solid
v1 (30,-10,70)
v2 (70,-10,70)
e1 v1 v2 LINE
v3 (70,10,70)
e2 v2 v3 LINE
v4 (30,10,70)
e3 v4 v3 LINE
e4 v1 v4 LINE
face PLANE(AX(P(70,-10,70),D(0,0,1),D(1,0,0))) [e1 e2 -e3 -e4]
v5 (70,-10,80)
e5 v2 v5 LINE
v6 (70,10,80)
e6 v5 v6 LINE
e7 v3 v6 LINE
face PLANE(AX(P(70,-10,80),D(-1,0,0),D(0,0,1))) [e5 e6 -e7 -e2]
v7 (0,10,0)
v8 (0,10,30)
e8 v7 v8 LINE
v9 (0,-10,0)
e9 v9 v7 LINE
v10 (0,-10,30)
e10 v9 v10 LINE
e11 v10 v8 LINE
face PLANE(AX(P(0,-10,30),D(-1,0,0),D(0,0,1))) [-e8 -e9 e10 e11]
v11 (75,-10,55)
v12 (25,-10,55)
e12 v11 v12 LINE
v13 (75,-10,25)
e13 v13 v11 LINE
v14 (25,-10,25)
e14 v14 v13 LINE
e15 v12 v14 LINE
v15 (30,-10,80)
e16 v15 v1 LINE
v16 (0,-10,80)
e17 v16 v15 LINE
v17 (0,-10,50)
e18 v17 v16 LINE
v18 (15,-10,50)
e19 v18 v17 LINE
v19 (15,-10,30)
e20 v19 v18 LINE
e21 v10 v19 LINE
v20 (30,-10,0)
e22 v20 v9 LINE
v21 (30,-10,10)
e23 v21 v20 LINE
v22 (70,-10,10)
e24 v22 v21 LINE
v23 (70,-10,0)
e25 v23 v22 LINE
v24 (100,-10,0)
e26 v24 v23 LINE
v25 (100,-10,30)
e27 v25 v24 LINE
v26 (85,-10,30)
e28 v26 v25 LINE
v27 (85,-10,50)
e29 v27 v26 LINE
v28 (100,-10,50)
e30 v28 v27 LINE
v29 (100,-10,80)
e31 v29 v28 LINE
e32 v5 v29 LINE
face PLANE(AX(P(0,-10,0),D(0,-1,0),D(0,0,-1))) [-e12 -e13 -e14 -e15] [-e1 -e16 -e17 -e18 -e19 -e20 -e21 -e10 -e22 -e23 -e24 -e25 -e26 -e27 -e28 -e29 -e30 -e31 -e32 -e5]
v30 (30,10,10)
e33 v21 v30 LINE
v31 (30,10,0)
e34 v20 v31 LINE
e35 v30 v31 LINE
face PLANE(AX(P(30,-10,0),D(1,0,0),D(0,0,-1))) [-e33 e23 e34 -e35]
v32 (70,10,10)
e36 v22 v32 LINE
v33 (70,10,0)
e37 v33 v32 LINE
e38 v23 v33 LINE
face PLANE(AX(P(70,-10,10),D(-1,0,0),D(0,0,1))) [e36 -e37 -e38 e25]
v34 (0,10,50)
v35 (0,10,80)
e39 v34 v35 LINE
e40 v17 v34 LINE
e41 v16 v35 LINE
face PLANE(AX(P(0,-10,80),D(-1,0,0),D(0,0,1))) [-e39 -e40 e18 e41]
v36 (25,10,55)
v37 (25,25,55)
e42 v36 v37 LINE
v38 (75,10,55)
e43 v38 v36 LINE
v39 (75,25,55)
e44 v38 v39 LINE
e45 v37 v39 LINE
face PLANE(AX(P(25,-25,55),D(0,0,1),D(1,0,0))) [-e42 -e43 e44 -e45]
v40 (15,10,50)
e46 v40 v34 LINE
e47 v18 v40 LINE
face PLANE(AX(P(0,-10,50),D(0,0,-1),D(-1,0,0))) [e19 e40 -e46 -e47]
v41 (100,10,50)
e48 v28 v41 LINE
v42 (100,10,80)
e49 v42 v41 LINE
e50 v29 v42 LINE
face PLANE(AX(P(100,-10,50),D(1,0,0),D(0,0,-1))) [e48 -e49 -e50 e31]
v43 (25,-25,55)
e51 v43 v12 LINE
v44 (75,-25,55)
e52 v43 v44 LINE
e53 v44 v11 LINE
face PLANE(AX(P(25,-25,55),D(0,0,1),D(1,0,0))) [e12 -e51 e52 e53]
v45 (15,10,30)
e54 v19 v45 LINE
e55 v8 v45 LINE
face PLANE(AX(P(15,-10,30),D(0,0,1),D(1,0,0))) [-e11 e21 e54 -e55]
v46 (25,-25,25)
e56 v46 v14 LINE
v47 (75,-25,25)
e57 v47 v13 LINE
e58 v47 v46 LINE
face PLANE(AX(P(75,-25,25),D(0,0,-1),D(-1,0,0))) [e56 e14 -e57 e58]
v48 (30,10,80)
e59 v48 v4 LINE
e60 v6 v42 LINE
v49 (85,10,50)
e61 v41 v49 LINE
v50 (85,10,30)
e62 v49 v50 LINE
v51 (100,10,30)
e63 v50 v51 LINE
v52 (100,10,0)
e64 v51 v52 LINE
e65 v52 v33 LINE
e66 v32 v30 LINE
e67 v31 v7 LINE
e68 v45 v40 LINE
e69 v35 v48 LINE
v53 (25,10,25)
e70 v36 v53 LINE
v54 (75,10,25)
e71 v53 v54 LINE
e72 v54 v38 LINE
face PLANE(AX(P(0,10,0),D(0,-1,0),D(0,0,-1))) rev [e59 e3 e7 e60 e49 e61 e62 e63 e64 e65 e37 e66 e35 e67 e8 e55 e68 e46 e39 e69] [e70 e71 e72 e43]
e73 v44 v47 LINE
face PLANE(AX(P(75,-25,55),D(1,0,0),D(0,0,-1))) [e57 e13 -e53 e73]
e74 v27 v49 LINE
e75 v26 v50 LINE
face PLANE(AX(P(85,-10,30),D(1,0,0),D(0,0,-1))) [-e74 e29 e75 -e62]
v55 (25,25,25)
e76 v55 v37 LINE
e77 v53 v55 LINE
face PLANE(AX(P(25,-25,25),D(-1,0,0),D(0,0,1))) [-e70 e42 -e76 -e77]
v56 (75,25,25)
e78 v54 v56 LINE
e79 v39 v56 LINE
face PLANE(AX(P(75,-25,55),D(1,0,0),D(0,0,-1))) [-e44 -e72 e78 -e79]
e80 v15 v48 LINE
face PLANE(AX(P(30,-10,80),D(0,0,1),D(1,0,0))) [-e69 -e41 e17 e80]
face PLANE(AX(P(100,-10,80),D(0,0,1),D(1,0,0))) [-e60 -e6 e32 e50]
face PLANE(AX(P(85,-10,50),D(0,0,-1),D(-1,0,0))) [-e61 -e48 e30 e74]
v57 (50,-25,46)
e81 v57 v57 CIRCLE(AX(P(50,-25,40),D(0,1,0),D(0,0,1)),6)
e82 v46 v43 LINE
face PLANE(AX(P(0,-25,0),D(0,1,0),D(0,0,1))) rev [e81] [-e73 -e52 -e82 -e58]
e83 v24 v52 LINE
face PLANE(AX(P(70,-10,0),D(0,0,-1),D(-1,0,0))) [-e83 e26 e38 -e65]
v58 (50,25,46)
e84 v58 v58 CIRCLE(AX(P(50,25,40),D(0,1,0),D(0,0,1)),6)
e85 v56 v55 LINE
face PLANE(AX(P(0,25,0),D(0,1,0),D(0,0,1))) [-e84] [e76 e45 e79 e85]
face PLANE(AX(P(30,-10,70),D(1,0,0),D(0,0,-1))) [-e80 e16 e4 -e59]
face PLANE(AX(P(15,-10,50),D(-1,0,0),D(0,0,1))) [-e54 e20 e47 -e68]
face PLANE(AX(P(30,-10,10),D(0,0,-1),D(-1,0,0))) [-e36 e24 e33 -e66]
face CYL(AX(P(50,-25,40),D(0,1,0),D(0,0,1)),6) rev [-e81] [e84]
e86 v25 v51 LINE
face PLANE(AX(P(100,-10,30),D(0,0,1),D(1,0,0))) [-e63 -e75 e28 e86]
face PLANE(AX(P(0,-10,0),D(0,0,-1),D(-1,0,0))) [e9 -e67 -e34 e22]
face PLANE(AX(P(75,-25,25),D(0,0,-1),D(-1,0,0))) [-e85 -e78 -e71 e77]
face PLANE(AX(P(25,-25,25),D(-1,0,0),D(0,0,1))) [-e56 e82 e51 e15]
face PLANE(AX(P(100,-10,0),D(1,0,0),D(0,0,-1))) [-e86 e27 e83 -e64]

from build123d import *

# Parameters (mm, degrees)
BOSS_EXTRUDE1_DEPTH      = 10
BOSS_EXTRUDE1_DEPTH_BACK = 10
BOSS_EXTRUDE2_DEPTH      = 25
BOSS_EXTRUDE2_DEPTH_BACK = 25
SKETCH2_W                = 50
SKETCH2_H                = 30
SKETCH3_R                = 6
CUT_EXTRUDE1_DEPTH       = 138.477270849


with BuildPart() as part:
    # Sketch1 → Boss-Extrude1 (new, two sides: drawn at the far end of the back side and taken through both)
    with BuildSketch(Plane(origin=(0, 0, 0), x_dir=(1, 0, 0), z_dir=(0, 1, 0)).offset(-BOSS_EXTRUDE1_DEPTH_BACK)):
        Polygon((0, 0), (30, 0), (30, -10), (70, -10), (70, 0), (100, 0), (100, -30), (85, -30), (85, -50), (100, -50), (100, -80), (70, -80), (70, -70), (30, -70), (30, -80), (0, -80), (0, -50), (15, -50), (15, -30), (0, -30), align=None)
    extrude(amount=BOSS_EXTRUDE1_DEPTH + BOSS_EXTRUDE1_DEPTH_BACK)

    # Sketch2 → Boss-Extrude2 (add, two sides: drawn at the far end of the back side and taken through both)
    with BuildSketch(Plane(origin=(0, 0, 0), x_dir=(1, 0, 0), z_dir=(0, 1, 0)).offset(-BOSS_EXTRUDE2_DEPTH_BACK)):
        with Locations((50, -40)):
            Rectangle(SKETCH2_W, SKETCH2_H)
    extrude(amount=BOSS_EXTRUDE2_DEPTH + BOSS_EXTRUDE2_DEPTH_BACK)

    # Sketch3 → Cut-Extrude1 (cut, through all)
    with BuildSketch(Plane(origin=(0, 25, 0), x_dir=(1, 0, 0), z_dir=(0, 1, 0))):
        with Locations((50, -40)):
            Circle(SKETCH3_R)
    extrude(amount=-CUT_EXTRUDE1_DEPTH, mode=Mode.SUBTRACT)


solid = part.part
